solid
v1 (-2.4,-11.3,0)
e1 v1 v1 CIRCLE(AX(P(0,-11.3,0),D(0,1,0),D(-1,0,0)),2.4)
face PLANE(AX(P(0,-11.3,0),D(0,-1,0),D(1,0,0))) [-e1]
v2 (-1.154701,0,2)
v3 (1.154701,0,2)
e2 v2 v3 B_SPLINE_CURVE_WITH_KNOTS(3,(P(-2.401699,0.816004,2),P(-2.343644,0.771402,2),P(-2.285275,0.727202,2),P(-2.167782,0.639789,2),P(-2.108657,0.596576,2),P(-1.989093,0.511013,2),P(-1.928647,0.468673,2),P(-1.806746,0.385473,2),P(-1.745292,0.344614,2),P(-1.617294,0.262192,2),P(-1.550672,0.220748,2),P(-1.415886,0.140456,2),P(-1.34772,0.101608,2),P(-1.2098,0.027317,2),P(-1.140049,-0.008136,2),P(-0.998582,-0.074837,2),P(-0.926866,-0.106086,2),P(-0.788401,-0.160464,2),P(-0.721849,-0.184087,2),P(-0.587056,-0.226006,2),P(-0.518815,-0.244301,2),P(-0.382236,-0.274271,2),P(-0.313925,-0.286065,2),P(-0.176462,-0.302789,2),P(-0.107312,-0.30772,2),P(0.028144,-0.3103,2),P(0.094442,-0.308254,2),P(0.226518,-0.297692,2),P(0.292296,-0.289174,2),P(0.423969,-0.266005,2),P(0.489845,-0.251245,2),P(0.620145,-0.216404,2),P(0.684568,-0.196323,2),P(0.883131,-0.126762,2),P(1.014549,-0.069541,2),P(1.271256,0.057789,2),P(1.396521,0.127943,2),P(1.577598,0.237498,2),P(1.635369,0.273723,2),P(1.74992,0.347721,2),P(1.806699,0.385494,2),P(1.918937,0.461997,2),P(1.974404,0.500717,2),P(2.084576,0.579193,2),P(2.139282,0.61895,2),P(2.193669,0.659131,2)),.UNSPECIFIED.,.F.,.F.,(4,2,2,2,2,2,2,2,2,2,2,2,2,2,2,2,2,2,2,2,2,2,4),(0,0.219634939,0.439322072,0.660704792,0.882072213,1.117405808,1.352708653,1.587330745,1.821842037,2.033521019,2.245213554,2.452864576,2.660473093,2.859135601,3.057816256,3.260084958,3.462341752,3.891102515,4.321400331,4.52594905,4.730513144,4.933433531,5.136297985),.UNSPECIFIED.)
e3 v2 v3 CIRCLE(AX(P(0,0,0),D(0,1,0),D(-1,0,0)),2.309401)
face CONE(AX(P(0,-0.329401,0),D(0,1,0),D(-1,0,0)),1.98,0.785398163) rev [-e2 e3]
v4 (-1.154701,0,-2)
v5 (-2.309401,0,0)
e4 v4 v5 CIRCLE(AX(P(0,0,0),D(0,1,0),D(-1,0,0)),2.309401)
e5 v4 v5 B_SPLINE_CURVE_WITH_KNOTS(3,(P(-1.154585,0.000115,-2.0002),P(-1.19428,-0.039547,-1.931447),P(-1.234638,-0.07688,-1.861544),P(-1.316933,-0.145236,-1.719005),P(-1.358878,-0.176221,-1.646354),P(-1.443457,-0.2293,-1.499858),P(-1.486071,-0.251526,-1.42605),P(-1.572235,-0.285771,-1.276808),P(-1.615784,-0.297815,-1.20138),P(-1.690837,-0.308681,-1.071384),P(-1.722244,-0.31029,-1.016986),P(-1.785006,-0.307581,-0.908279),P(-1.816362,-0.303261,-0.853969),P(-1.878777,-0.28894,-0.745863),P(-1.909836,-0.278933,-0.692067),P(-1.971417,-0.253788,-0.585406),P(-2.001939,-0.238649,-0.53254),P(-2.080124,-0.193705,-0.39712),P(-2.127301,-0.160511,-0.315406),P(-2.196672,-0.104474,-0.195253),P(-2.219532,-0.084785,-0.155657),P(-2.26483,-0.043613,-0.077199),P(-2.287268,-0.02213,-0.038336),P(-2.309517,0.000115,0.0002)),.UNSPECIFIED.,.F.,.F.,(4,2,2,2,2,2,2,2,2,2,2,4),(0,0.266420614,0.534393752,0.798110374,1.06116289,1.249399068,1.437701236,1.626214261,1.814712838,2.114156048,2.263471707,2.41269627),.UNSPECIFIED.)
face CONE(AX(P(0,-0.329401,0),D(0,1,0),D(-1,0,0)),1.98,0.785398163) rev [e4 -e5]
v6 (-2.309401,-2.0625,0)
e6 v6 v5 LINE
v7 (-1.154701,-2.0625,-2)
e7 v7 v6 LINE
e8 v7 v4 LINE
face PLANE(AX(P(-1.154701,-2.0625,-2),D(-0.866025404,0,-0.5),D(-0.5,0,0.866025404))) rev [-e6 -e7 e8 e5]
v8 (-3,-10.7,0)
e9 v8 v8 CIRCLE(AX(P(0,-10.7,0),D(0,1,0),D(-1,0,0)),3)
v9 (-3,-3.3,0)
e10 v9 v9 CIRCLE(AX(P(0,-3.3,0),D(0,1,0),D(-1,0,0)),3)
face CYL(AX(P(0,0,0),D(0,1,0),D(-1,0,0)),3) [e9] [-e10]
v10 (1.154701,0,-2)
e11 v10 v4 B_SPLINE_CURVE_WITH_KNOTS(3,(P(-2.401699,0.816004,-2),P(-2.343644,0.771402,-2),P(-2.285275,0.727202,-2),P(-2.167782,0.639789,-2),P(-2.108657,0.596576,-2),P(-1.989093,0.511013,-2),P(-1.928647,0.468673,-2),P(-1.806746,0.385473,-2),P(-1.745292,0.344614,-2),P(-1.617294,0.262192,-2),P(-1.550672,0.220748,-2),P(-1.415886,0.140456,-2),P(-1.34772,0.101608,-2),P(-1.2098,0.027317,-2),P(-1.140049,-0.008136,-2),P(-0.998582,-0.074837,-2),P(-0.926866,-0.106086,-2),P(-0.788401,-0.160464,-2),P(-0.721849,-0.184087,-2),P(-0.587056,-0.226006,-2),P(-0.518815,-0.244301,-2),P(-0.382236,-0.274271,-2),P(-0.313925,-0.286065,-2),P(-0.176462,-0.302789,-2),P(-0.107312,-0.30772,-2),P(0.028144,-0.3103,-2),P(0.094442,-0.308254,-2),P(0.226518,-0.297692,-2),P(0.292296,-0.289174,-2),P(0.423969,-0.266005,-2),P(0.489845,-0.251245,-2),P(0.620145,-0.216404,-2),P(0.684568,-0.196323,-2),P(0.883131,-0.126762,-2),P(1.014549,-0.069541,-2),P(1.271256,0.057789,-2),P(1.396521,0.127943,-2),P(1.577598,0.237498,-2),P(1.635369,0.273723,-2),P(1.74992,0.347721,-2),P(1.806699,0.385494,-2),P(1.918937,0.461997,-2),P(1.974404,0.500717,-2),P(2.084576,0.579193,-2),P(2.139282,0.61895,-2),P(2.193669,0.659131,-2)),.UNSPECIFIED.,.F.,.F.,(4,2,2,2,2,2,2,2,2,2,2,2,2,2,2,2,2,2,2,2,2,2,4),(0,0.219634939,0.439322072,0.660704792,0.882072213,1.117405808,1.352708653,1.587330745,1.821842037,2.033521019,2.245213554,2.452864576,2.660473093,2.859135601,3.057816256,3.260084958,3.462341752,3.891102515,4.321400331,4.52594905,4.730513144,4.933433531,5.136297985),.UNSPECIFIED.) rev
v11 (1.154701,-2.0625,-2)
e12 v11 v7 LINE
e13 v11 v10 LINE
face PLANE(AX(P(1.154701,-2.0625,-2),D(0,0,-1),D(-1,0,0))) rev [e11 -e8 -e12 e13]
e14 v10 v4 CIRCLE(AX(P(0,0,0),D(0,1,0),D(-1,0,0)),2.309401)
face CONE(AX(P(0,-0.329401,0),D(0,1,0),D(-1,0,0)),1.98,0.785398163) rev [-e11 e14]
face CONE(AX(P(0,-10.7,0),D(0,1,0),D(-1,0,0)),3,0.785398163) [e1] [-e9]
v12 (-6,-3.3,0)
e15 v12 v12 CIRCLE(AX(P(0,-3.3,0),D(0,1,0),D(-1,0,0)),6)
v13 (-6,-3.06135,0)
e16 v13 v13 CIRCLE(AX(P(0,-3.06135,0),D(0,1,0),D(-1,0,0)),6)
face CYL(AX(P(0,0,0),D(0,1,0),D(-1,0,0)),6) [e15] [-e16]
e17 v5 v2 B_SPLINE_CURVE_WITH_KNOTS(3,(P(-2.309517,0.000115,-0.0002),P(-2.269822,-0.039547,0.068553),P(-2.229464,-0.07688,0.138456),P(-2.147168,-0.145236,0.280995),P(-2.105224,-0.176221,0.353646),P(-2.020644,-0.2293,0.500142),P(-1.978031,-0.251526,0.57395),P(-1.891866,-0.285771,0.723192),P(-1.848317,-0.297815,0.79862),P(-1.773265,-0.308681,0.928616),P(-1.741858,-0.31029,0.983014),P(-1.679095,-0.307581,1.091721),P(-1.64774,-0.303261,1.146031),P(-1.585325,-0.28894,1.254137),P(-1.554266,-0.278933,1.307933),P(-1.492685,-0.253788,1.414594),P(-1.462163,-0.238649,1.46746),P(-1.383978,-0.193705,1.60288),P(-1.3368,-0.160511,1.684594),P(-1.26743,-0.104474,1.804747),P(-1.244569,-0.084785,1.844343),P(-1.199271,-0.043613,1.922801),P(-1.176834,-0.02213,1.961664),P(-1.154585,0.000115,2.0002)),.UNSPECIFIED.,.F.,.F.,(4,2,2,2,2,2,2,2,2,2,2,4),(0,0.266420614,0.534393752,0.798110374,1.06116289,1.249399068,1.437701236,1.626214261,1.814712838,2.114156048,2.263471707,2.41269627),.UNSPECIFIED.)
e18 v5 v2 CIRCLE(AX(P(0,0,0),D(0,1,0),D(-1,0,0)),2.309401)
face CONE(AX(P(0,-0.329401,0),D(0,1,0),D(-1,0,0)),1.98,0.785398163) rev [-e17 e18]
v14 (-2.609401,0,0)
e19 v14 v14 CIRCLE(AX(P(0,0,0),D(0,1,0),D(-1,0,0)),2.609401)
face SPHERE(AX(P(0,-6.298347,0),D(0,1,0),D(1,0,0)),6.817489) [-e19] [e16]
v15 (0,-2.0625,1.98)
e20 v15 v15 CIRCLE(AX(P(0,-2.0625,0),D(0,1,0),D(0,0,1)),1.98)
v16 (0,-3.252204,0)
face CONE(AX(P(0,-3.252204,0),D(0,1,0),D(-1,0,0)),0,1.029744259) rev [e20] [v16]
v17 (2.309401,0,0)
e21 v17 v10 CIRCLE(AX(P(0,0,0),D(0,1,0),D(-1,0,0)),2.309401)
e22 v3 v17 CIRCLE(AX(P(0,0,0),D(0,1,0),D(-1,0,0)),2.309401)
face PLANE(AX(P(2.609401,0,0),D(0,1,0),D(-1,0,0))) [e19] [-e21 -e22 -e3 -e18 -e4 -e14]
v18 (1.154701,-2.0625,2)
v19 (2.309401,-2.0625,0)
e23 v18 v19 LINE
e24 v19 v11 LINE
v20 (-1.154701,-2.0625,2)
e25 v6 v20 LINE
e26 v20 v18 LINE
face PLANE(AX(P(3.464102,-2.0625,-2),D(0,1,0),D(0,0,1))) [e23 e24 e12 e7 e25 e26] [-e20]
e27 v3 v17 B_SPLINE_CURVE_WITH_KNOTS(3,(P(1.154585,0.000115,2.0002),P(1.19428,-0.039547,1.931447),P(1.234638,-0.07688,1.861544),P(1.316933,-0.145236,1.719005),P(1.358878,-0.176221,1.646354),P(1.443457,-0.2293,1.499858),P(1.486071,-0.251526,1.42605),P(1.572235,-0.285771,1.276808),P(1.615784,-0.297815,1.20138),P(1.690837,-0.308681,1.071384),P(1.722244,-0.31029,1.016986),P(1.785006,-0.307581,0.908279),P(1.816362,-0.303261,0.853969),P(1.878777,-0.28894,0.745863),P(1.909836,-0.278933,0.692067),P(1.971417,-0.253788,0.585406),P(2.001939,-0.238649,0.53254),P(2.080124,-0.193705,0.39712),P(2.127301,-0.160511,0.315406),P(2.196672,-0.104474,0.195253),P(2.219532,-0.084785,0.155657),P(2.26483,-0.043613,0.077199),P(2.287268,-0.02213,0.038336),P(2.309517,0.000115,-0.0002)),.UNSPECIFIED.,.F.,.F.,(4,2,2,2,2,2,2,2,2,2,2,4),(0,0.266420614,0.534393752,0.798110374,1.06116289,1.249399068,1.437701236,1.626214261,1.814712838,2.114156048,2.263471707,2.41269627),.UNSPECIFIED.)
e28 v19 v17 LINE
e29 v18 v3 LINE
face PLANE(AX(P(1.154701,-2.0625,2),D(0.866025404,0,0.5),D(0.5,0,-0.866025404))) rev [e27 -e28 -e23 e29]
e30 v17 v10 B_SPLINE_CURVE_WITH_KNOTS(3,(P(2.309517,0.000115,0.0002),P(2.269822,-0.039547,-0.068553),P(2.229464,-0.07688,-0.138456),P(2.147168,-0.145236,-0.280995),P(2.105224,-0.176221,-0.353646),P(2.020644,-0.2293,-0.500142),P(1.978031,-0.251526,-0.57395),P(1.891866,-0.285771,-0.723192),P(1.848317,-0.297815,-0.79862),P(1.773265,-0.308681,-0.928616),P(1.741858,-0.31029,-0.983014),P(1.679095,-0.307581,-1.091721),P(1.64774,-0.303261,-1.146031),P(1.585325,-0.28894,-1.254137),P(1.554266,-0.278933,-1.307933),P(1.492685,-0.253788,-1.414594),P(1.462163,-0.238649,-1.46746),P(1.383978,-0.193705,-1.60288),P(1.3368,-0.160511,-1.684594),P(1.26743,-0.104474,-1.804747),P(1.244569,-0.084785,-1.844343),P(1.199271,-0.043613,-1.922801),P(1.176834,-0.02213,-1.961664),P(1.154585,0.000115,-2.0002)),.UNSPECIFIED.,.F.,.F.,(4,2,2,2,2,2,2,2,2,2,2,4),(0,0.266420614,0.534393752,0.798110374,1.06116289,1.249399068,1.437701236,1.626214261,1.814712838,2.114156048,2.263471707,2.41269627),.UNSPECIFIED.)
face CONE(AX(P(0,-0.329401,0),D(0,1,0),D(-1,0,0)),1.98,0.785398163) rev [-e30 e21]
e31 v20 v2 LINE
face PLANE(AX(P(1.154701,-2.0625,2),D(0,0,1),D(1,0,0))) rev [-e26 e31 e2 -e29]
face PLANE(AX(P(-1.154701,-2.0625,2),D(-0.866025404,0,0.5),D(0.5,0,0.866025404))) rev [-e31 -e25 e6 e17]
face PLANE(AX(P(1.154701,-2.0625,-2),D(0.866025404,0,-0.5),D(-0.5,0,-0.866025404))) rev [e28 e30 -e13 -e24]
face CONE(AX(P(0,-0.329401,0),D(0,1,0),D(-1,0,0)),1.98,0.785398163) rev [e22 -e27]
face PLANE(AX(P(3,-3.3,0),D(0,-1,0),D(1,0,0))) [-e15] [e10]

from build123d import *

# Parameters (mm, degrees)
SCHNITT_LINEAR_AUSTRAGEN1_DEPTH = 2.0625


with BuildPart() as part:
    # Skizze1 → Rotation1 (revolve)
    with BuildSketch(Plane(origin=(0, 0, 0), x_dir=(1, 0, 0), z_dir=(0, 0, -1)), mode=Mode.PRIVATE) as rotation1_sk:
        with BuildLine():
            Line((0, 11.3), (2.4, 11.3))
            Line((2.4, 11.3), (3, 10.7))
            Line((3, 10.7), (3, 3.3))
            Line((3, 3.3), (6, 3.3))
            Line((6, 3.3), (6, 3.06135))
            ThreePointArc((6, 3.06135), (4.568743009, 1.238234699), (2.609401077, 0))
            Line((2.609401077, 0), (2.309401077, 0))
            Line((2.309401077, 0), (1.98, 0.329401077))
            Line((1.98, 0.329401077), (1.98, 2.0625))
            Line((1.98, 2.0625), (0, 3.252204026))
            Line((0, 3.252204026), (0, 11.3))
        make_face()
    revolve(rotation1_sk.sketch.rotate(Axis((0, 0, 0), (0, -1, 0)), 180), axis=Axis((0, 0, 0), (0, -1, 0)))  # turned: the seam where the file's is

    # Skizze2 → Schnitt-Linear austragen1 (cut)
    with BuildSketch(Plane(origin=(1.973616694, 0, -1.468825329), x_dir=(-1, 0, 0), z_dir=(0, 1, 0))):
        Polygon((0.818916155, -0.531174671), (3.128317232, -0.531174671), (4.28301777, 1.468825329), (3.128317232, 3.468825329), (0.818916155, 3.468825329), (-0.335784383, 1.468825329), align=None)
    extrude(amount=-SCHNITT_LINEAR_AUSTRAGEN1_DEPTH, mode=Mode.SUBTRACT)


solid = part.part
